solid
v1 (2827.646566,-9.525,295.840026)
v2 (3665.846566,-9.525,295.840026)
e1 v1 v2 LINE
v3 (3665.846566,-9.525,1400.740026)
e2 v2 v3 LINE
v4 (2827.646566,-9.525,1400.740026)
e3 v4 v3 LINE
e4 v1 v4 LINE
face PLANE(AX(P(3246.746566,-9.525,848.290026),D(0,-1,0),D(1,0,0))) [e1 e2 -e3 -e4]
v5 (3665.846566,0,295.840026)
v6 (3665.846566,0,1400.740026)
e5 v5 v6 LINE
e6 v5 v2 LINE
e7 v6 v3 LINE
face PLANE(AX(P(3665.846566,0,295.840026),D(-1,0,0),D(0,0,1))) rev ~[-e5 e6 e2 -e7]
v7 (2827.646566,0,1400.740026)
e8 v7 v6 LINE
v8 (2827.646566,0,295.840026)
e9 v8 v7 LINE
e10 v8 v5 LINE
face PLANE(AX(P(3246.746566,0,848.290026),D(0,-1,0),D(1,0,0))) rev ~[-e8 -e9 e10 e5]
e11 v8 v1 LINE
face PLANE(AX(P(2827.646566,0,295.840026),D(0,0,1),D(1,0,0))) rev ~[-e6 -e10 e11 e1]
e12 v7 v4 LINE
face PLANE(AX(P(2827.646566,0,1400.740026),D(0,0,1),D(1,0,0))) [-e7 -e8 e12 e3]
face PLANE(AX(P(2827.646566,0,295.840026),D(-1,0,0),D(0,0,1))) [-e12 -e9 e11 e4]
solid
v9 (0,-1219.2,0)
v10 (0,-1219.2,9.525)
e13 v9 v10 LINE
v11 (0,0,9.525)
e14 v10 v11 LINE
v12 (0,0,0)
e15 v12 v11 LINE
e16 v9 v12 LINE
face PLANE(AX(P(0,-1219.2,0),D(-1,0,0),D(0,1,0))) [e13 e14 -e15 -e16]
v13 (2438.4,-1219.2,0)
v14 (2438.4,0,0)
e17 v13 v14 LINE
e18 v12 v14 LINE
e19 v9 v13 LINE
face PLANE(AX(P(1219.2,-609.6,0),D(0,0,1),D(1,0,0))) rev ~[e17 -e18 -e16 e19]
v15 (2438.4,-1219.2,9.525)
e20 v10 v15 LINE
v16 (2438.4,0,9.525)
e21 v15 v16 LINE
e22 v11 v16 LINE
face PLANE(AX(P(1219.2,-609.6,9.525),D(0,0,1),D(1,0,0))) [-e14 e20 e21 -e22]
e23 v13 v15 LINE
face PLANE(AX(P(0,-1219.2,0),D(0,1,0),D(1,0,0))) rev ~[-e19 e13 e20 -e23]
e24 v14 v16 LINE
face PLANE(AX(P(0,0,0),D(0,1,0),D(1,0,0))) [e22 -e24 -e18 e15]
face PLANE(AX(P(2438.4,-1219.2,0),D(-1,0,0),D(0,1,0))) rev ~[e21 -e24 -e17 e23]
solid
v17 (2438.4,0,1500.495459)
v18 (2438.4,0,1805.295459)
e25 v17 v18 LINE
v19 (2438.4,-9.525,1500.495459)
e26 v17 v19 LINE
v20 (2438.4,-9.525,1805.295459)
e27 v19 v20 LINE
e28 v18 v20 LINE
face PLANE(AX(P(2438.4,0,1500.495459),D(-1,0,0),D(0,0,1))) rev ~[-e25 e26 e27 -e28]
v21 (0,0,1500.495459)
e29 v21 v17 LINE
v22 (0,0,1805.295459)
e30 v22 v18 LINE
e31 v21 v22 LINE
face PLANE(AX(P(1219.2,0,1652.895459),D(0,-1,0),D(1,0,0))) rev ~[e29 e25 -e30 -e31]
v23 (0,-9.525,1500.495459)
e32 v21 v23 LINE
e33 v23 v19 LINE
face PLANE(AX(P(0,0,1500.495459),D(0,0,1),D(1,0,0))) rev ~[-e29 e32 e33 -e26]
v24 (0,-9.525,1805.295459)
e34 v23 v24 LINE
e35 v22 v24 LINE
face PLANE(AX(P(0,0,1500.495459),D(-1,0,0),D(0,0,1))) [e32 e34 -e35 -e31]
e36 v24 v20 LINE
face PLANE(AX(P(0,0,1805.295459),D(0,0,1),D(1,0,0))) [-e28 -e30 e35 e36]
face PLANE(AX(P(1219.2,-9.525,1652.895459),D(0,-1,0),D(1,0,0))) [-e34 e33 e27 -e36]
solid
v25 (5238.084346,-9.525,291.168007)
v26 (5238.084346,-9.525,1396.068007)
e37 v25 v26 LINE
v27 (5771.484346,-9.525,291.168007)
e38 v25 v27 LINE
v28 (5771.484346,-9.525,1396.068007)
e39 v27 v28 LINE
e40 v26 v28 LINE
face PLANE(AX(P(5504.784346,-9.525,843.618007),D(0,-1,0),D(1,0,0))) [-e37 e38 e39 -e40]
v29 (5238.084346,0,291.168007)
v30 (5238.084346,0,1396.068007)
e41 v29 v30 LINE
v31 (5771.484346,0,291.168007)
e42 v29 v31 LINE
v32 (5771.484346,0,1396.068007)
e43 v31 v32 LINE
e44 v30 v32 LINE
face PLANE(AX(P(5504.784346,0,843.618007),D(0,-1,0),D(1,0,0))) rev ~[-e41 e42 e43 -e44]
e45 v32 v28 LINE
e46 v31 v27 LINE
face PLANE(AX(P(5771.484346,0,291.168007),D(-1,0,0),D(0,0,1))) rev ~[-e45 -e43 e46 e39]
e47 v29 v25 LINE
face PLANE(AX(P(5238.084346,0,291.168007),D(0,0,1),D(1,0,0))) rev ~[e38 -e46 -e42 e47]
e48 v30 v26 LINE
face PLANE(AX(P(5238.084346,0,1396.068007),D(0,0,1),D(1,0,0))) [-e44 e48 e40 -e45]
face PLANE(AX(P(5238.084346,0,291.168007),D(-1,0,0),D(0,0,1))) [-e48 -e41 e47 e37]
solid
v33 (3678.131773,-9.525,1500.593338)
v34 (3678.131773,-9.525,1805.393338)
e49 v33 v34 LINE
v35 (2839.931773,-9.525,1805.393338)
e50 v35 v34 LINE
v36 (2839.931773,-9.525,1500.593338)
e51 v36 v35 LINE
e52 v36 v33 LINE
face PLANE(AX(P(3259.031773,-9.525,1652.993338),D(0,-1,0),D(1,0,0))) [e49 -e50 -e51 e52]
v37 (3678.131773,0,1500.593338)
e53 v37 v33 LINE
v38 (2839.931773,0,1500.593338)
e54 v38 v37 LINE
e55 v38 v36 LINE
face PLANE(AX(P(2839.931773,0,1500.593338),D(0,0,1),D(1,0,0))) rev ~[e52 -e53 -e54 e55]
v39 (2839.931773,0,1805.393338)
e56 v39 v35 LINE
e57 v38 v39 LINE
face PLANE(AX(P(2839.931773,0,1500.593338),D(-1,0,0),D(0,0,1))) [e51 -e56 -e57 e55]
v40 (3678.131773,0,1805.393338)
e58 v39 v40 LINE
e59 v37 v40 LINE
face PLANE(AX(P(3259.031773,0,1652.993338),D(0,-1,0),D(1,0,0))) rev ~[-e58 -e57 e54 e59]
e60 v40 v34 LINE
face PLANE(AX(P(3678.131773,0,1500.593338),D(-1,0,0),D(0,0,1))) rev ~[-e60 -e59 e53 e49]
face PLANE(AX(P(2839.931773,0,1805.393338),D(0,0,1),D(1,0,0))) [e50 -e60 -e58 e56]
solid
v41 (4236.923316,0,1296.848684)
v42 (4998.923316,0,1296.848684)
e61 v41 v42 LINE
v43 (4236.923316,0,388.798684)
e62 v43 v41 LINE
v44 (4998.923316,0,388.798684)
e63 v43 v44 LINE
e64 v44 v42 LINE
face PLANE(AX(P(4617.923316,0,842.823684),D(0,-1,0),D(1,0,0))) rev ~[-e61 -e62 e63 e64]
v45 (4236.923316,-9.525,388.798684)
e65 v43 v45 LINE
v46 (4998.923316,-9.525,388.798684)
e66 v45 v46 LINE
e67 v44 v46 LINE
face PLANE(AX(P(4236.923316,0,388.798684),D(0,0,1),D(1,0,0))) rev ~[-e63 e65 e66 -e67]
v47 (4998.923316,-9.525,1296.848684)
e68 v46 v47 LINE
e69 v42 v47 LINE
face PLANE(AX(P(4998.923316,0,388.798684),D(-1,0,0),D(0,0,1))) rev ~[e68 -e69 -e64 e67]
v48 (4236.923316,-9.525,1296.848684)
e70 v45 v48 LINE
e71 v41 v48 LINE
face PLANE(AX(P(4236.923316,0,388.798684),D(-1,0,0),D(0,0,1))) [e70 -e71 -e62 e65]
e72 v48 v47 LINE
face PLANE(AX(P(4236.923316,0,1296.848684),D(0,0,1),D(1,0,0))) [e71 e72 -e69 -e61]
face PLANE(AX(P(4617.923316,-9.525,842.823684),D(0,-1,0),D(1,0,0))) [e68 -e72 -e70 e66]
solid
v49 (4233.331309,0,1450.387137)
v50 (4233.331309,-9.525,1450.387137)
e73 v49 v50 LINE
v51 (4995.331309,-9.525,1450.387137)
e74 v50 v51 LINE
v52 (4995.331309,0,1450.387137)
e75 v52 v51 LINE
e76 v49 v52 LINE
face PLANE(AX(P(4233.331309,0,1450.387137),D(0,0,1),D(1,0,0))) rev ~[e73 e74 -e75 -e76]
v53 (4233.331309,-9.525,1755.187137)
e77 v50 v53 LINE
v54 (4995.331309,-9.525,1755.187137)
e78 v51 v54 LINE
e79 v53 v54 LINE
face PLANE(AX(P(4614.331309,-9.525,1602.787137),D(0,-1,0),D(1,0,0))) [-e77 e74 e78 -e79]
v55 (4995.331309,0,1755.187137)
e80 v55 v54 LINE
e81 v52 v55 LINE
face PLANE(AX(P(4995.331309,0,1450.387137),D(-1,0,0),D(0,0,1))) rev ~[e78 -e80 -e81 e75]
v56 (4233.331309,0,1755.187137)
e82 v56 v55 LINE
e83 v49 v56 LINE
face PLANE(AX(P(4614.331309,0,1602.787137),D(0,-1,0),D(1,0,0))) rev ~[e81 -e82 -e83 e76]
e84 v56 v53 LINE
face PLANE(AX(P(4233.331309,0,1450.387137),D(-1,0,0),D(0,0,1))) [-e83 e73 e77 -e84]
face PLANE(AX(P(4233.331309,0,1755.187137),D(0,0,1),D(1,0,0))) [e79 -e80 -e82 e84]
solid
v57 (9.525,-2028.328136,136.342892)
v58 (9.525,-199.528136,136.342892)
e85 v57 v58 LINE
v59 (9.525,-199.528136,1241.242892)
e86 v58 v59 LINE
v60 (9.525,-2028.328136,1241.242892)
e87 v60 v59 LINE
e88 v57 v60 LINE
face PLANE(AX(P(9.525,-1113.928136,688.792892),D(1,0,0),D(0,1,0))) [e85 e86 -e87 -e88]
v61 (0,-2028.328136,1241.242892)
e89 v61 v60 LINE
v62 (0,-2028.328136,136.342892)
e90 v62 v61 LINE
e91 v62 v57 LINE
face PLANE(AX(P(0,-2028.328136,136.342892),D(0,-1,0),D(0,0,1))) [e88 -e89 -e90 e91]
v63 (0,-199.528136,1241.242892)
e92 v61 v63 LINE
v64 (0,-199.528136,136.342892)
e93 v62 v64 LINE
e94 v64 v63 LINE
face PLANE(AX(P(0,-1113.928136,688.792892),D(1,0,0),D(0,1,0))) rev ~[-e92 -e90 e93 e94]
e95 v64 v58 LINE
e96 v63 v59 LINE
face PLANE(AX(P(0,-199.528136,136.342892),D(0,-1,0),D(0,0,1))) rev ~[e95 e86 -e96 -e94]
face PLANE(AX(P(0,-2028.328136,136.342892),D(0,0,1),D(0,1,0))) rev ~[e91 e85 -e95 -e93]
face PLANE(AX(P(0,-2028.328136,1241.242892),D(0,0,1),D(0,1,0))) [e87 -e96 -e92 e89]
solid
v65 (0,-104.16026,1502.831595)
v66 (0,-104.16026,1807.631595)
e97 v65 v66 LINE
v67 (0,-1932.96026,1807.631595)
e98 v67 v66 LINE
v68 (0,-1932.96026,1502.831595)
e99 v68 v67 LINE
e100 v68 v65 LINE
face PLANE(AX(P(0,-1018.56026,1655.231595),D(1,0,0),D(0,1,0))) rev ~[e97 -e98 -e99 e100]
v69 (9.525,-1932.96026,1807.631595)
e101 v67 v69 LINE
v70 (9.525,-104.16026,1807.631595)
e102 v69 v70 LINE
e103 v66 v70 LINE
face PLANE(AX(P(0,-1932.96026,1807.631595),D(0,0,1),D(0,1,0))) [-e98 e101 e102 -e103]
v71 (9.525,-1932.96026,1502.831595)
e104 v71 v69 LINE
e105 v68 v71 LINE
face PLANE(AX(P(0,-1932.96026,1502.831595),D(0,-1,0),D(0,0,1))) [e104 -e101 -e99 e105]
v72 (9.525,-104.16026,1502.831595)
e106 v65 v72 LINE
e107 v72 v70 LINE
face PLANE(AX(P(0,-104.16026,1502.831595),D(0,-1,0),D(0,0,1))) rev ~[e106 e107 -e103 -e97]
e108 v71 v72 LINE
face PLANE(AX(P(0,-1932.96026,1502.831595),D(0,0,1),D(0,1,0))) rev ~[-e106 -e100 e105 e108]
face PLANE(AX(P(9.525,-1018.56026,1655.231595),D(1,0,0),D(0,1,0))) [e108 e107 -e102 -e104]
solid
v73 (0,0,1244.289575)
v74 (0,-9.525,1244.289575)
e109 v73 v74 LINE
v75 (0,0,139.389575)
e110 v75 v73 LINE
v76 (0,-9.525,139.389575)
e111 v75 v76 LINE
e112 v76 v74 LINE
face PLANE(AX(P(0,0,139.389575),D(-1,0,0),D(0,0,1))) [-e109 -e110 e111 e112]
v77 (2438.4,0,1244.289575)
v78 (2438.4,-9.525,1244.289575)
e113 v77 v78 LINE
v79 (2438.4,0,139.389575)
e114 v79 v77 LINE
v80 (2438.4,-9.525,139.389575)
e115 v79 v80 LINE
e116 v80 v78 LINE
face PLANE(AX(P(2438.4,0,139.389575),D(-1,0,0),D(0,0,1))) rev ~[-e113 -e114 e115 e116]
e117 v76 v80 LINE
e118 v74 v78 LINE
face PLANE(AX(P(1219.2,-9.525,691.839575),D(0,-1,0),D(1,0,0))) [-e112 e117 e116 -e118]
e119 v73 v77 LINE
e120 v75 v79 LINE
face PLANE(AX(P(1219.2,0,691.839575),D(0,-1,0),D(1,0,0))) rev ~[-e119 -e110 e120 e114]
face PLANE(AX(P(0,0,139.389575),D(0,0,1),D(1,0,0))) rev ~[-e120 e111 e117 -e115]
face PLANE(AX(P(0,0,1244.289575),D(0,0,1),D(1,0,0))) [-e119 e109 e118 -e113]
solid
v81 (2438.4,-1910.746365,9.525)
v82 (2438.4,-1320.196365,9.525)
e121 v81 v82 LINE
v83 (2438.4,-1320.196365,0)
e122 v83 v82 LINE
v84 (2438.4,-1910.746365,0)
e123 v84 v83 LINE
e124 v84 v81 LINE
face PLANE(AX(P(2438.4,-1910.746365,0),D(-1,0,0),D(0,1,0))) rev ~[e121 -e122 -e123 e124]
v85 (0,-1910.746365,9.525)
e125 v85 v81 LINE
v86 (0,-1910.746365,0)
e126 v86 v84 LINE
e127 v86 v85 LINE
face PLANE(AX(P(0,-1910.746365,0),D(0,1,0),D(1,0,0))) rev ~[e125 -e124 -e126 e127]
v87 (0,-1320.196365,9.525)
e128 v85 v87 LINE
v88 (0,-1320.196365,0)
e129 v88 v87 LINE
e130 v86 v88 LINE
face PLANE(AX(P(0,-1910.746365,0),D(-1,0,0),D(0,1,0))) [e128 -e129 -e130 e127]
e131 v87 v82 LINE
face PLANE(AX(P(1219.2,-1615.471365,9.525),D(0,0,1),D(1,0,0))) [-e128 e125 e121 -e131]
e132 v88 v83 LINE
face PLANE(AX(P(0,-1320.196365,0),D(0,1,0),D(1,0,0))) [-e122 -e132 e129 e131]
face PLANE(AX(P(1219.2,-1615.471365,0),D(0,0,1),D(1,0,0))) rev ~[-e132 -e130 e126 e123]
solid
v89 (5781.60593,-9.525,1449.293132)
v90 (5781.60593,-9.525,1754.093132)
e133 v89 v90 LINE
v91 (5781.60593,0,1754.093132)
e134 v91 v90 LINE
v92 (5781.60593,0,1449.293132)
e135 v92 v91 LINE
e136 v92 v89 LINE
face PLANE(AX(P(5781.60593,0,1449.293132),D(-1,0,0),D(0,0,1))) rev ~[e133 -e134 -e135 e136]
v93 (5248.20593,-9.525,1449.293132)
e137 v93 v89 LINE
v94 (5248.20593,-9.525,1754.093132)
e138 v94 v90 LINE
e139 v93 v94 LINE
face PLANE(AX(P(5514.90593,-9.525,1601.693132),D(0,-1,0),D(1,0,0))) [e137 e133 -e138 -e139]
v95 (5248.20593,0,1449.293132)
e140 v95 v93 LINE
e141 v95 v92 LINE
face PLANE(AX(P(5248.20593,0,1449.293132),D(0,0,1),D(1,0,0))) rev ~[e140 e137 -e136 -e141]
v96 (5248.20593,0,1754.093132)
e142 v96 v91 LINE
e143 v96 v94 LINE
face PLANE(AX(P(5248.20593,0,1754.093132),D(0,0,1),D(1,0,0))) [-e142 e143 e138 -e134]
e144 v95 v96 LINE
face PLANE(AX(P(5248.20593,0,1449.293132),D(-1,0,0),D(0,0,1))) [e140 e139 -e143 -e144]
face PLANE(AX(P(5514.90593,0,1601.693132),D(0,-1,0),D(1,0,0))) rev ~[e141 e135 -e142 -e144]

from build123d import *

# Parameters (mm, degrees)
F0_W      = 2438.4
F0_H      = 1219.2
F1_DEPTH  = 9.525
F2_W      = 2438.4
F2_H      = 590.55
F3_DEPTH  = 9.525
F4_W      = 2438.4
F4_H      = 1104.9
F5_DEPTH  = 9.525
F6_W      = 1828.8
F6_H      = 1104.9
F7_DEPTH  = 9.525
F8_W      = 2438.4
F8_H      = 304.8
F9_DEPTH  = 9.525
F10_W     = 1828.8
F10_H     = 304.8
F11_DEPTH = 9.525
F12_W     = 838.2
F12_H     = 1104.9
F13_DEPTH = 9.525
F14_W     = 762
F14_H     = 908.05
F15_DEPTH = 9.525
F16_W     = 762
F16_H     = 304.8
F17_DEPTH = 9.525
F18_W     = 838.2
F18_H     = 304.8
F19_DEPTH = 9.525
F20_W     = 533.4
F20_H     = 304.8
F21_DEPTH = 9.525
F22_W     = 533.4
F22_H     = 1104.9
F23_DEPTH = 9.525


with BuildPart() as f1:
    # F0 (on Top) → F1 (new body)
    with BuildSketch(Plane.XY):
        with Locations((1219.2, -609.6)):
            Rectangle(F0_W, F0_H)
    extrude(amount=F1_DEPTH)


with BuildPart() as f3:
    # F2 (on Top) → F3 (new body)
    with BuildSketch(Plane.XY):
        with Locations((1219.2, -1615.471365)):
            Rectangle(F2_W, F2_H)
    extrude(amount=F3_DEPTH)


with BuildPart() as f5:
    # F4 (on Front) → F5 (new body)
    with BuildSketch(Plane.XZ):
        with Locations((1219.2, 691.839575)):
            Rectangle(F4_W, F4_H)
    extrude(amount=F5_DEPTH)


with BuildPart() as f7:
    # F6 (on Right) → F7 (new body)
    with BuildSketch(Plane.YZ):
        with Locations((-1113.928136, 688.792892)):
            Rectangle(F6_W, F6_H)
    extrude(amount=F7_DEPTH)


with BuildPart() as f9:
    # F8 (on Front) → F9 (new body)
    with BuildSketch(Plane.XZ):
        with Locations((1219.2, 1652.895459)):
            Rectangle(F8_W, F8_H)
    extrude(amount=F9_DEPTH)


with BuildPart() as f11:
    # F10 (on Right) → F11 (new body)
    with BuildSketch(Plane.YZ):
        with Locations((-1018.56026, 1655.231595)):
            Rectangle(F10_W, F10_H)
    extrude(amount=F11_DEPTH)


with BuildPart() as f13:
    # F12 (on Front) → F13 (new body)
    with BuildSketch(Plane.XZ):
        with Locations((3246.746566, 848.290026)):
            Rectangle(F12_W, F12_H)
    extrude(amount=F13_DEPTH)


with BuildPart() as f15:
    # F14 (on Front) → F15 (new body)
    with BuildSketch(Plane.XZ):
        with Locations((4617.923316, 842.823684)):
            Rectangle(F14_W, F14_H)
    extrude(amount=F15_DEPTH)


with BuildPart() as f17:
    # F16 (on Front) → F17 (new body)
    with BuildSketch(Plane.XZ):
        with Locations((4614.331309, 1602.787137)):
            Rectangle(F16_W, F16_H)
    extrude(amount=F17_DEPTH)


with BuildPart() as f19:
    # F18 (on Front) → F19 (new body)
    with BuildSketch(Plane.XZ):
        with Locations((3259.031773, 1652.993338)):
            Rectangle(F18_W, F18_H)
    extrude(amount=F19_DEPTH)


with BuildPart() as f21:
    # F20 (on Front) → F21 (new body)
    with BuildSketch(Plane.XZ):
        with Locations((5514.90593, 1601.693132)):
            Rectangle(F20_W, F20_H)
    extrude(amount=F21_DEPTH)


with BuildPart() as f23:
    # F22 (on Front) → F23 (new body)
    with BuildSketch(Plane.XZ):
        with Locations((5504.784346, 843.618007)):
            Rectangle(F22_W, F22_H)
    extrude(amount=F23_DEPTH)


solid = Compound([f1.part, f3.part, f5.part, f7.part, f9.part, f11.part, f13.part, f15.part, f17.part, f19.part, f21.part, f23.part])
